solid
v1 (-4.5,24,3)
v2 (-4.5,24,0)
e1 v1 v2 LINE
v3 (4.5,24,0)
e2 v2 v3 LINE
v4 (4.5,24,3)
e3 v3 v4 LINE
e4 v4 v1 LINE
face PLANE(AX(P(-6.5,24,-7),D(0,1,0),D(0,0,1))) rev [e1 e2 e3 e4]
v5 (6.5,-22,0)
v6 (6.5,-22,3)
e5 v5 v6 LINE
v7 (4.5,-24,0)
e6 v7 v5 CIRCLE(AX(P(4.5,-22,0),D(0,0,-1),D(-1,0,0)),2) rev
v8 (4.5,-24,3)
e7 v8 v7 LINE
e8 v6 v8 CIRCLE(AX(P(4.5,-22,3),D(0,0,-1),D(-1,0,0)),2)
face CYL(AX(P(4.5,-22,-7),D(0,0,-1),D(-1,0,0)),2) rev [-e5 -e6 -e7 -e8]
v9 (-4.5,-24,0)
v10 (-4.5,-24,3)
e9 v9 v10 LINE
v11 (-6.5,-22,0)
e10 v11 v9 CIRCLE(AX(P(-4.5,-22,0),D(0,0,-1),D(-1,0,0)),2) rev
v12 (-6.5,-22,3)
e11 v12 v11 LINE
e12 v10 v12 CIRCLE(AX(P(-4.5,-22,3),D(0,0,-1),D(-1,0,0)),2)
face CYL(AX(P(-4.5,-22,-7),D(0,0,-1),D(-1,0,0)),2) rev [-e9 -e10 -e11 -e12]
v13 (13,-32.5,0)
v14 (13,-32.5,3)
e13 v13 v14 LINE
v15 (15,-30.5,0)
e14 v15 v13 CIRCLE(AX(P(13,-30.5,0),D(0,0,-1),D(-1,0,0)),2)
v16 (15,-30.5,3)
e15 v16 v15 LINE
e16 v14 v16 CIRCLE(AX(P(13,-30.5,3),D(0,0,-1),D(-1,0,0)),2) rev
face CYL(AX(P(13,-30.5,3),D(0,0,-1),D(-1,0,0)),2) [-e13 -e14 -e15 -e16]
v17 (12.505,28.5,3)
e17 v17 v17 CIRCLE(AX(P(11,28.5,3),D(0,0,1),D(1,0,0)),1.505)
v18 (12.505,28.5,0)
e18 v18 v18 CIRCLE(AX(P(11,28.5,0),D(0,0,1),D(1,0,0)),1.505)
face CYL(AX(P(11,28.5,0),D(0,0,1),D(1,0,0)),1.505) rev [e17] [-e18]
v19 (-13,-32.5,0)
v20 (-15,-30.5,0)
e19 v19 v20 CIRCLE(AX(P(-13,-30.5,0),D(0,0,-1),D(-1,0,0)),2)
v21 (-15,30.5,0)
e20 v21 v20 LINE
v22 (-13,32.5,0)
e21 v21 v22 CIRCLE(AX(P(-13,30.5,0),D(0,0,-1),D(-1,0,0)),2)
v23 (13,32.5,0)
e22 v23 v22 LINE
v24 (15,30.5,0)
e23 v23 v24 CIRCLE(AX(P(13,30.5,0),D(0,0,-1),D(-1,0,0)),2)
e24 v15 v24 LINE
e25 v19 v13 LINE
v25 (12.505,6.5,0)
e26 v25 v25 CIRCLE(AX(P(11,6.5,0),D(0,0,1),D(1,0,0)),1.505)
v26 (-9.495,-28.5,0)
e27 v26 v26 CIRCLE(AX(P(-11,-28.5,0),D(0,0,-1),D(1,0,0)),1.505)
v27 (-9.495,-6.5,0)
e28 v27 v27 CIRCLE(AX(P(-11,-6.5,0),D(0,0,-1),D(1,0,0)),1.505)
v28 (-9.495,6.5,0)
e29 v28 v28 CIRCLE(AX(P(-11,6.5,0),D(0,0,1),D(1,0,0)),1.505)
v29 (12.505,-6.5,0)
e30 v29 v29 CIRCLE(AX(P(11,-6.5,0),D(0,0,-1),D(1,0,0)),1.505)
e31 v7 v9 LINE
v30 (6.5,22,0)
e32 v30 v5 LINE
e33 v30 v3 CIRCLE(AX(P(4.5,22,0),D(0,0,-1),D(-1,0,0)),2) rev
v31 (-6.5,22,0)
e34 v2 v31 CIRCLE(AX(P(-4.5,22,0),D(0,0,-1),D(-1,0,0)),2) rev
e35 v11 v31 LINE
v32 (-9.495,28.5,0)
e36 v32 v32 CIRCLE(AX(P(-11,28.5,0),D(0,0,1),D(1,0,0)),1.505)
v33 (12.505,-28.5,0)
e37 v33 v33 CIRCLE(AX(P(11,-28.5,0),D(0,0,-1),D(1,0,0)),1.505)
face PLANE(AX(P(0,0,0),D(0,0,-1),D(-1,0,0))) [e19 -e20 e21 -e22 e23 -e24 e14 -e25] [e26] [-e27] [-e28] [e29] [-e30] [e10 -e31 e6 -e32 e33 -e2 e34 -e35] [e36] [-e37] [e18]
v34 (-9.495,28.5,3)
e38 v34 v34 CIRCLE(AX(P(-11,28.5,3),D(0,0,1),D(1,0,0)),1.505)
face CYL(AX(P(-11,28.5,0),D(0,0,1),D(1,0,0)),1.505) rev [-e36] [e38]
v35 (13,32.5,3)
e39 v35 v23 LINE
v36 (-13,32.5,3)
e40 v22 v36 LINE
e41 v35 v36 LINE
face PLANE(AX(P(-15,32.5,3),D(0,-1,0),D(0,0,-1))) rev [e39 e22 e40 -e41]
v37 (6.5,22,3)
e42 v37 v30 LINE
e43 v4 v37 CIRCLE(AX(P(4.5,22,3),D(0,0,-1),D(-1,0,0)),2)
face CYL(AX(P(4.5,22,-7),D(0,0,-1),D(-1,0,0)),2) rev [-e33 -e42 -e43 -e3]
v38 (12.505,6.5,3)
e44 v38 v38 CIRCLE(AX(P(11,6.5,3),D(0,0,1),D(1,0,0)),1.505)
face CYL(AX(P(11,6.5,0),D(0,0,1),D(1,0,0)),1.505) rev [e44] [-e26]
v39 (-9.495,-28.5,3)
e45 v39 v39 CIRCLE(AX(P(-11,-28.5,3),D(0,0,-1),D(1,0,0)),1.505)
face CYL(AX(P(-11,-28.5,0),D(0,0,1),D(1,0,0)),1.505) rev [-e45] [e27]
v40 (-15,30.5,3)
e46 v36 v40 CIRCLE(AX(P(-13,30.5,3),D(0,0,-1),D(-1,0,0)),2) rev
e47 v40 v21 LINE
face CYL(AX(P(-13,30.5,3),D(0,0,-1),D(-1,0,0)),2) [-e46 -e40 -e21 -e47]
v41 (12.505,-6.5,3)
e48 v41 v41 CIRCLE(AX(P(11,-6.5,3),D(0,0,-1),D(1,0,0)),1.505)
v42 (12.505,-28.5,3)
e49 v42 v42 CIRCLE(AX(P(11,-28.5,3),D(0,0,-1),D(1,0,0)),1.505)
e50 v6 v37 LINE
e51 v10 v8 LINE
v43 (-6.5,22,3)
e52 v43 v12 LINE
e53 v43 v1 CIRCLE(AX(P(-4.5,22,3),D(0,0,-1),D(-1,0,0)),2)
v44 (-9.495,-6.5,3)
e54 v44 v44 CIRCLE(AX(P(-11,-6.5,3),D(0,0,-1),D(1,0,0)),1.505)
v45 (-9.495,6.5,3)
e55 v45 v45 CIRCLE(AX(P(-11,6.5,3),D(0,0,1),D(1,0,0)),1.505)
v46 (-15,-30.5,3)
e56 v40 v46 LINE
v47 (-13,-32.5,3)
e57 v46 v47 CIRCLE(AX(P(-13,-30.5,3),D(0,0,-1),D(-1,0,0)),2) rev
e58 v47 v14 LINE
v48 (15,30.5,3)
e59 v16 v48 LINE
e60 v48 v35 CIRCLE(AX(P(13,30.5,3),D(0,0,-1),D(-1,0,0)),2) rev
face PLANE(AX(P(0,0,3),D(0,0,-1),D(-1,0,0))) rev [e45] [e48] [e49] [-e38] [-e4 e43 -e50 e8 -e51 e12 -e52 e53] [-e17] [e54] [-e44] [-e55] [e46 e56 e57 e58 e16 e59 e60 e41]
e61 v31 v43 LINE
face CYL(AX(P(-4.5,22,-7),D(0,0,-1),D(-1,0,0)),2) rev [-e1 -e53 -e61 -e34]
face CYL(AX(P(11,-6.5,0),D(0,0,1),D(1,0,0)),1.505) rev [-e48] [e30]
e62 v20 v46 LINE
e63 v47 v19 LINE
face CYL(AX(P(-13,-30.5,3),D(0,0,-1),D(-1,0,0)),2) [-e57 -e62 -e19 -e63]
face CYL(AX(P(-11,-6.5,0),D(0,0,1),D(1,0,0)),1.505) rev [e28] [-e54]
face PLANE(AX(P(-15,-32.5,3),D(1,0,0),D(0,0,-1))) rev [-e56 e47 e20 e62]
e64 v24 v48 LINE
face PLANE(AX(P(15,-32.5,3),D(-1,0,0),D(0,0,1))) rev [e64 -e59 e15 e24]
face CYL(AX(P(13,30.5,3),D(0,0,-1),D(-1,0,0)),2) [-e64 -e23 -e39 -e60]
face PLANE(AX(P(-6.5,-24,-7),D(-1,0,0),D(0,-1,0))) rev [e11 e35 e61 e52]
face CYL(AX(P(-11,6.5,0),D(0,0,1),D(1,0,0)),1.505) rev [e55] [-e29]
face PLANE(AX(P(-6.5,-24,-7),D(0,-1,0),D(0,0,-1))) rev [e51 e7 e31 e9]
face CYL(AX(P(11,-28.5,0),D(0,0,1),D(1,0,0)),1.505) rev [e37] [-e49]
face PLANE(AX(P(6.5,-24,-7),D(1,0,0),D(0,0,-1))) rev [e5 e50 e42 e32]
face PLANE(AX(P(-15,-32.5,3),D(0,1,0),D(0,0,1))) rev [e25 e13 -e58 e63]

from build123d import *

# Parameters (mm, degrees)
SKETCH_1_W          = 30
SKETCH_1_H          = 65
EXTRUDE_1_DEPTH     = 3
SKETCH_2_R          = 1.505
CUT_EXTRUDE_1_DEPTH = 3
FILLET_1_R          = 2
SKETCH_3_W          = 13
SKETCH_3_H          = 48
CUT_EXTRUDE_2_DEPTH = 10
FILLET_2_R          = 2


with BuildPart() as part:
    # 草图1 → 凸台-拉伸1 (new body)
    with BuildSketch(Plane.XY):
        Rectangle(SKETCH_1_W, SKETCH_1_H)
    extrude(amount=EXTRUDE_1_DEPTH)

    # 草图2 → 切除-拉伸1 (cut)
    with BuildSketch(Plane.XY.offset(3)):
        with Locations((-11, 28.5)):
            Circle(SKETCH_2_R)
        with Locations((11, 28.5)):
            Circle(SKETCH_2_R)
        with Locations((-11, 6.5)):
            Circle(SKETCH_2_R)
        with Locations((11, 6.5)):
            Circle(SKETCH_2_R)
    cut_extrude_1 = extrude(amount=-CUT_EXTRUDE_1_DEPTH, mode=Mode.SUBTRACT)

    # 镜向1: 切除-拉伸1 across plane
    add(cut_extrude_1.mirror(Plane.ZX), mode=Mode.SUBTRACT)

    # 圆角1
    fillet_1_edges = [part.edges().sort_by_distance(p)[0] for p in [
        (15, -32.5, 1.5),
        (-15, -32.5, 1.5),
        (-15, 32.5, 1.5),
        (15, 32.5, 1.5),
    ]]
    fillet(fillet_1_edges, radius=FILLET_1_R)

    # 草图3 → 切除-拉伸2 (cut)
    with BuildSketch(Plane.XY.offset(3)):
        Rectangle(SKETCH_3_W, SKETCH_3_H)
    extrude(amount=-CUT_EXTRUDE_2_DEPTH, mode=Mode.SUBTRACT)

    # 圆角2
    fillet_2_edges = [part.edges().sort_by_distance(p)[0] for p in [
        (6.5, 24, 1.5),
        (6.5, -24, 1.5),
        (-6.5, -24, 1.5),
        (-6.5, 24, 1.5),
    ]]
    fillet(fillet_2_edges, radius=FILLET_2_R)


solid = part.part
